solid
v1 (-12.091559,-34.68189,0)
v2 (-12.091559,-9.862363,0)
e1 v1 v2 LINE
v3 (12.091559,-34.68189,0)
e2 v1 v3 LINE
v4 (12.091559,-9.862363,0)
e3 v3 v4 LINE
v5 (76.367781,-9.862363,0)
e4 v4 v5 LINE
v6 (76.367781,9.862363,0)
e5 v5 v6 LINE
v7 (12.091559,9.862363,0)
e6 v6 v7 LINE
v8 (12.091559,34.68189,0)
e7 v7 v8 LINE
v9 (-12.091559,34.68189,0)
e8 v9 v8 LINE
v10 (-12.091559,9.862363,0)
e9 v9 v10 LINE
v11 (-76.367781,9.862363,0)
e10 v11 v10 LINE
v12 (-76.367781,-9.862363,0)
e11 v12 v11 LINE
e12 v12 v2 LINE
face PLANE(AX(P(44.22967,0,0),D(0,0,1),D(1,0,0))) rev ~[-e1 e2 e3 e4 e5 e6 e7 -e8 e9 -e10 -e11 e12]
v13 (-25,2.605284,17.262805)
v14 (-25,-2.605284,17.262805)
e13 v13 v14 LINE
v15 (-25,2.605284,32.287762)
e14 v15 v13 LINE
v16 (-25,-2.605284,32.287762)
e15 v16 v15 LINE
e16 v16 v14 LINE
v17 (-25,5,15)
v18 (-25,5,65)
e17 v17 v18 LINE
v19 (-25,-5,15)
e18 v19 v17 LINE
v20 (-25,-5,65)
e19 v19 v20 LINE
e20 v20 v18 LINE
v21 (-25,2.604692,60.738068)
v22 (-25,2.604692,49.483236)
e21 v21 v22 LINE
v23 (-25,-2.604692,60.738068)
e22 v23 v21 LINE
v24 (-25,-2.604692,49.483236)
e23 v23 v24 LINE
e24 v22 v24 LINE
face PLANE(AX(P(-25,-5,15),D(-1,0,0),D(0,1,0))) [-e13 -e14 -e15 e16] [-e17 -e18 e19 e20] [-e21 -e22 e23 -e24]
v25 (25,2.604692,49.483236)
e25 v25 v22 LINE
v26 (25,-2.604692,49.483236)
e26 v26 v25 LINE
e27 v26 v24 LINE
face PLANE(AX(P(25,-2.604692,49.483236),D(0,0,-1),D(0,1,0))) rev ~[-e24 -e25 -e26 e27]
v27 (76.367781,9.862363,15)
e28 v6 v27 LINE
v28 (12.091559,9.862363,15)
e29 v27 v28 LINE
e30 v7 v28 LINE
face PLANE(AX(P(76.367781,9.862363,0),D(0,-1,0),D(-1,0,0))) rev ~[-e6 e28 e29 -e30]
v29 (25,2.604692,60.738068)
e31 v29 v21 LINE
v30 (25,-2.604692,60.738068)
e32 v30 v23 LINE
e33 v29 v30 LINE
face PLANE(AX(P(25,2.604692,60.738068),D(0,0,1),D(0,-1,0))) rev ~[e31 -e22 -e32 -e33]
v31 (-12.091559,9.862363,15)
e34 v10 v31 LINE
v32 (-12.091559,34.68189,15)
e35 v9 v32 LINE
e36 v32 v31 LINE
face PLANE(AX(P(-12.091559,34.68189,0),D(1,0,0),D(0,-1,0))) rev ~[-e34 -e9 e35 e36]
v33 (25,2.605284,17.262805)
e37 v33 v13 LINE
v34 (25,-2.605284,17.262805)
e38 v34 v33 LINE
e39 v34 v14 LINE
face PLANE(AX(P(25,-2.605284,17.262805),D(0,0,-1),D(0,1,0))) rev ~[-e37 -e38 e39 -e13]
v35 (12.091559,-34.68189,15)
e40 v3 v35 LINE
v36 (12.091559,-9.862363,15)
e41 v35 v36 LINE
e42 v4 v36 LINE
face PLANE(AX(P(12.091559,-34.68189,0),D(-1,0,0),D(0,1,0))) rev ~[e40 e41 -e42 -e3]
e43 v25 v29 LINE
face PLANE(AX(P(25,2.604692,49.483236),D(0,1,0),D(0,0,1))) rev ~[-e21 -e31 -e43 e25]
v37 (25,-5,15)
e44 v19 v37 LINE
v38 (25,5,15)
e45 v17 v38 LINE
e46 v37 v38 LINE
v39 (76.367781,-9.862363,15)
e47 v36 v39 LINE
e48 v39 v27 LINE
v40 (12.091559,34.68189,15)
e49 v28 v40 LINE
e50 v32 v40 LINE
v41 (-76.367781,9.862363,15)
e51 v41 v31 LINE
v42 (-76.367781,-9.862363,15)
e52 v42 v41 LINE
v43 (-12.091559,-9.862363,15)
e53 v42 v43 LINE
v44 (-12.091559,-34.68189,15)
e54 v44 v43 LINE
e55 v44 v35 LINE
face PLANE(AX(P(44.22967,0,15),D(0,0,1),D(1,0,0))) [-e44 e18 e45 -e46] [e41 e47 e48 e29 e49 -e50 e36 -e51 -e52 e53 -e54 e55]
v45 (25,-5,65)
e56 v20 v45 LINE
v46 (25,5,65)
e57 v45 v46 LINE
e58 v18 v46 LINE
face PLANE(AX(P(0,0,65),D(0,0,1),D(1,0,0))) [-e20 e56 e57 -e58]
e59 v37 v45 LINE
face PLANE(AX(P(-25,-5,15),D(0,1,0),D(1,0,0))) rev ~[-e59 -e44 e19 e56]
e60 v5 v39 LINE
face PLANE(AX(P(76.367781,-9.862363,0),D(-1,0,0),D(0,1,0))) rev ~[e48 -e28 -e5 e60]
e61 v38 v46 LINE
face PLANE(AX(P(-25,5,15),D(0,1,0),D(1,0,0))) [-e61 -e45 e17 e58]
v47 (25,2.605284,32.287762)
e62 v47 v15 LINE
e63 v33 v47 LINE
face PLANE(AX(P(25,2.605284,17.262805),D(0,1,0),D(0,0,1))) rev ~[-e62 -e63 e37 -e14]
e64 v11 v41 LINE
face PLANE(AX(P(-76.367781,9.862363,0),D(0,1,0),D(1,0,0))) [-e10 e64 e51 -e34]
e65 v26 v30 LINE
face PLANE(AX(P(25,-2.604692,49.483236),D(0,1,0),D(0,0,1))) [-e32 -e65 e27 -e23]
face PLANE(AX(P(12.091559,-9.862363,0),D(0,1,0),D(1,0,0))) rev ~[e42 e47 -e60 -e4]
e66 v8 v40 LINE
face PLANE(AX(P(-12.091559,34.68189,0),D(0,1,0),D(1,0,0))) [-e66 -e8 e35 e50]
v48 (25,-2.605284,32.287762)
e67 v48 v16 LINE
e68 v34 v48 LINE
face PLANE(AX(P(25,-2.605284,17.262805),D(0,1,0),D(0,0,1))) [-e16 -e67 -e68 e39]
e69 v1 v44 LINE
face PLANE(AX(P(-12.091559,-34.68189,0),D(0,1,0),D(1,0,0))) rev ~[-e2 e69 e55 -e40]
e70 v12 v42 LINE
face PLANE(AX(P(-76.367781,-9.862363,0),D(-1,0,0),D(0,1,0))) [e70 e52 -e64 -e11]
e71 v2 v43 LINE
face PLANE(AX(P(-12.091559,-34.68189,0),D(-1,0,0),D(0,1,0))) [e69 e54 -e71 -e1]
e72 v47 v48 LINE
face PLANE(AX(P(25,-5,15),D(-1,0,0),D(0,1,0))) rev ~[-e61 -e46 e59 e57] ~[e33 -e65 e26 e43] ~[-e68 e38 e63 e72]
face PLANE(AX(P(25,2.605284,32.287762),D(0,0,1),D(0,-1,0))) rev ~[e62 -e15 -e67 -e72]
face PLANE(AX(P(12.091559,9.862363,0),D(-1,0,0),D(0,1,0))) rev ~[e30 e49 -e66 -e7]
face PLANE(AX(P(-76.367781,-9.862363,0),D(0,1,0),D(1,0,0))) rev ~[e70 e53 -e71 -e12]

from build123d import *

# Parameters (mm, degrees)
F0_W     = 64.2762212083
F0_H     = 19.7247266769
F0_W_2   = 24.1831187159
F0_H_2   = 24.8195268214
F1_DEPTH = 15
F2_W     = 50
F2_H     = 10
F3_DEPTH = 50
F4_W     = 2.6052840985
F4_H     = 15.0249563158
F4_W_2   = 2.6046917774
F4_H_2   = 11.2548321486
F5_DEPTH = 100


with BuildPart() as f1:
    # F0 (on Top) → F1 (new body)
    with BuildSketch(Plane.XY):
        with Locations((44.2296699621, 0)):
            Rectangle(F0_W, F0_H)
        Rectangle(F0_W_2, F0_H)
        with Locations((0, 22.2721267492)):
            Rectangle(F0_W_2, F0_H_2)
        with Locations((-44.2296699621, 0)):
            Rectangle(F0_W, F0_H)
        with Locations((0, -22.2721267492)):
            Rectangle(F0_W_2, F0_H_2)
    extrude(amount=F1_DEPTH)

    # F2 (on face) → F3 (join)
    with BuildSketch(Plane.XY.offset(15)):
        Rectangle(F2_W, F2_H)
    extrude(amount=F3_DEPTH)

    # F4 (on face) → F5 (cut)
    with BuildSketch(Plane.YZ.offset(25)):
        with Locations((1.3026420493, 24.7752834111)):
            Rectangle(F4_W, F4_H)
        with Locations((-1.3026420493, 24.7752834111)):
            Rectangle(F4_W, F4_H)
        with Locations((-1.3023458887, 55.1106519997)):
            Rectangle(F4_W_2, F4_H_2)
        with Locations((1.3023458887, 55.1106519997)):
            Rectangle(F4_W_2, F4_H_2)
    extrude(amount=-F5_DEPTH, mode=Mode.SUBTRACT)


solid = f1.part
